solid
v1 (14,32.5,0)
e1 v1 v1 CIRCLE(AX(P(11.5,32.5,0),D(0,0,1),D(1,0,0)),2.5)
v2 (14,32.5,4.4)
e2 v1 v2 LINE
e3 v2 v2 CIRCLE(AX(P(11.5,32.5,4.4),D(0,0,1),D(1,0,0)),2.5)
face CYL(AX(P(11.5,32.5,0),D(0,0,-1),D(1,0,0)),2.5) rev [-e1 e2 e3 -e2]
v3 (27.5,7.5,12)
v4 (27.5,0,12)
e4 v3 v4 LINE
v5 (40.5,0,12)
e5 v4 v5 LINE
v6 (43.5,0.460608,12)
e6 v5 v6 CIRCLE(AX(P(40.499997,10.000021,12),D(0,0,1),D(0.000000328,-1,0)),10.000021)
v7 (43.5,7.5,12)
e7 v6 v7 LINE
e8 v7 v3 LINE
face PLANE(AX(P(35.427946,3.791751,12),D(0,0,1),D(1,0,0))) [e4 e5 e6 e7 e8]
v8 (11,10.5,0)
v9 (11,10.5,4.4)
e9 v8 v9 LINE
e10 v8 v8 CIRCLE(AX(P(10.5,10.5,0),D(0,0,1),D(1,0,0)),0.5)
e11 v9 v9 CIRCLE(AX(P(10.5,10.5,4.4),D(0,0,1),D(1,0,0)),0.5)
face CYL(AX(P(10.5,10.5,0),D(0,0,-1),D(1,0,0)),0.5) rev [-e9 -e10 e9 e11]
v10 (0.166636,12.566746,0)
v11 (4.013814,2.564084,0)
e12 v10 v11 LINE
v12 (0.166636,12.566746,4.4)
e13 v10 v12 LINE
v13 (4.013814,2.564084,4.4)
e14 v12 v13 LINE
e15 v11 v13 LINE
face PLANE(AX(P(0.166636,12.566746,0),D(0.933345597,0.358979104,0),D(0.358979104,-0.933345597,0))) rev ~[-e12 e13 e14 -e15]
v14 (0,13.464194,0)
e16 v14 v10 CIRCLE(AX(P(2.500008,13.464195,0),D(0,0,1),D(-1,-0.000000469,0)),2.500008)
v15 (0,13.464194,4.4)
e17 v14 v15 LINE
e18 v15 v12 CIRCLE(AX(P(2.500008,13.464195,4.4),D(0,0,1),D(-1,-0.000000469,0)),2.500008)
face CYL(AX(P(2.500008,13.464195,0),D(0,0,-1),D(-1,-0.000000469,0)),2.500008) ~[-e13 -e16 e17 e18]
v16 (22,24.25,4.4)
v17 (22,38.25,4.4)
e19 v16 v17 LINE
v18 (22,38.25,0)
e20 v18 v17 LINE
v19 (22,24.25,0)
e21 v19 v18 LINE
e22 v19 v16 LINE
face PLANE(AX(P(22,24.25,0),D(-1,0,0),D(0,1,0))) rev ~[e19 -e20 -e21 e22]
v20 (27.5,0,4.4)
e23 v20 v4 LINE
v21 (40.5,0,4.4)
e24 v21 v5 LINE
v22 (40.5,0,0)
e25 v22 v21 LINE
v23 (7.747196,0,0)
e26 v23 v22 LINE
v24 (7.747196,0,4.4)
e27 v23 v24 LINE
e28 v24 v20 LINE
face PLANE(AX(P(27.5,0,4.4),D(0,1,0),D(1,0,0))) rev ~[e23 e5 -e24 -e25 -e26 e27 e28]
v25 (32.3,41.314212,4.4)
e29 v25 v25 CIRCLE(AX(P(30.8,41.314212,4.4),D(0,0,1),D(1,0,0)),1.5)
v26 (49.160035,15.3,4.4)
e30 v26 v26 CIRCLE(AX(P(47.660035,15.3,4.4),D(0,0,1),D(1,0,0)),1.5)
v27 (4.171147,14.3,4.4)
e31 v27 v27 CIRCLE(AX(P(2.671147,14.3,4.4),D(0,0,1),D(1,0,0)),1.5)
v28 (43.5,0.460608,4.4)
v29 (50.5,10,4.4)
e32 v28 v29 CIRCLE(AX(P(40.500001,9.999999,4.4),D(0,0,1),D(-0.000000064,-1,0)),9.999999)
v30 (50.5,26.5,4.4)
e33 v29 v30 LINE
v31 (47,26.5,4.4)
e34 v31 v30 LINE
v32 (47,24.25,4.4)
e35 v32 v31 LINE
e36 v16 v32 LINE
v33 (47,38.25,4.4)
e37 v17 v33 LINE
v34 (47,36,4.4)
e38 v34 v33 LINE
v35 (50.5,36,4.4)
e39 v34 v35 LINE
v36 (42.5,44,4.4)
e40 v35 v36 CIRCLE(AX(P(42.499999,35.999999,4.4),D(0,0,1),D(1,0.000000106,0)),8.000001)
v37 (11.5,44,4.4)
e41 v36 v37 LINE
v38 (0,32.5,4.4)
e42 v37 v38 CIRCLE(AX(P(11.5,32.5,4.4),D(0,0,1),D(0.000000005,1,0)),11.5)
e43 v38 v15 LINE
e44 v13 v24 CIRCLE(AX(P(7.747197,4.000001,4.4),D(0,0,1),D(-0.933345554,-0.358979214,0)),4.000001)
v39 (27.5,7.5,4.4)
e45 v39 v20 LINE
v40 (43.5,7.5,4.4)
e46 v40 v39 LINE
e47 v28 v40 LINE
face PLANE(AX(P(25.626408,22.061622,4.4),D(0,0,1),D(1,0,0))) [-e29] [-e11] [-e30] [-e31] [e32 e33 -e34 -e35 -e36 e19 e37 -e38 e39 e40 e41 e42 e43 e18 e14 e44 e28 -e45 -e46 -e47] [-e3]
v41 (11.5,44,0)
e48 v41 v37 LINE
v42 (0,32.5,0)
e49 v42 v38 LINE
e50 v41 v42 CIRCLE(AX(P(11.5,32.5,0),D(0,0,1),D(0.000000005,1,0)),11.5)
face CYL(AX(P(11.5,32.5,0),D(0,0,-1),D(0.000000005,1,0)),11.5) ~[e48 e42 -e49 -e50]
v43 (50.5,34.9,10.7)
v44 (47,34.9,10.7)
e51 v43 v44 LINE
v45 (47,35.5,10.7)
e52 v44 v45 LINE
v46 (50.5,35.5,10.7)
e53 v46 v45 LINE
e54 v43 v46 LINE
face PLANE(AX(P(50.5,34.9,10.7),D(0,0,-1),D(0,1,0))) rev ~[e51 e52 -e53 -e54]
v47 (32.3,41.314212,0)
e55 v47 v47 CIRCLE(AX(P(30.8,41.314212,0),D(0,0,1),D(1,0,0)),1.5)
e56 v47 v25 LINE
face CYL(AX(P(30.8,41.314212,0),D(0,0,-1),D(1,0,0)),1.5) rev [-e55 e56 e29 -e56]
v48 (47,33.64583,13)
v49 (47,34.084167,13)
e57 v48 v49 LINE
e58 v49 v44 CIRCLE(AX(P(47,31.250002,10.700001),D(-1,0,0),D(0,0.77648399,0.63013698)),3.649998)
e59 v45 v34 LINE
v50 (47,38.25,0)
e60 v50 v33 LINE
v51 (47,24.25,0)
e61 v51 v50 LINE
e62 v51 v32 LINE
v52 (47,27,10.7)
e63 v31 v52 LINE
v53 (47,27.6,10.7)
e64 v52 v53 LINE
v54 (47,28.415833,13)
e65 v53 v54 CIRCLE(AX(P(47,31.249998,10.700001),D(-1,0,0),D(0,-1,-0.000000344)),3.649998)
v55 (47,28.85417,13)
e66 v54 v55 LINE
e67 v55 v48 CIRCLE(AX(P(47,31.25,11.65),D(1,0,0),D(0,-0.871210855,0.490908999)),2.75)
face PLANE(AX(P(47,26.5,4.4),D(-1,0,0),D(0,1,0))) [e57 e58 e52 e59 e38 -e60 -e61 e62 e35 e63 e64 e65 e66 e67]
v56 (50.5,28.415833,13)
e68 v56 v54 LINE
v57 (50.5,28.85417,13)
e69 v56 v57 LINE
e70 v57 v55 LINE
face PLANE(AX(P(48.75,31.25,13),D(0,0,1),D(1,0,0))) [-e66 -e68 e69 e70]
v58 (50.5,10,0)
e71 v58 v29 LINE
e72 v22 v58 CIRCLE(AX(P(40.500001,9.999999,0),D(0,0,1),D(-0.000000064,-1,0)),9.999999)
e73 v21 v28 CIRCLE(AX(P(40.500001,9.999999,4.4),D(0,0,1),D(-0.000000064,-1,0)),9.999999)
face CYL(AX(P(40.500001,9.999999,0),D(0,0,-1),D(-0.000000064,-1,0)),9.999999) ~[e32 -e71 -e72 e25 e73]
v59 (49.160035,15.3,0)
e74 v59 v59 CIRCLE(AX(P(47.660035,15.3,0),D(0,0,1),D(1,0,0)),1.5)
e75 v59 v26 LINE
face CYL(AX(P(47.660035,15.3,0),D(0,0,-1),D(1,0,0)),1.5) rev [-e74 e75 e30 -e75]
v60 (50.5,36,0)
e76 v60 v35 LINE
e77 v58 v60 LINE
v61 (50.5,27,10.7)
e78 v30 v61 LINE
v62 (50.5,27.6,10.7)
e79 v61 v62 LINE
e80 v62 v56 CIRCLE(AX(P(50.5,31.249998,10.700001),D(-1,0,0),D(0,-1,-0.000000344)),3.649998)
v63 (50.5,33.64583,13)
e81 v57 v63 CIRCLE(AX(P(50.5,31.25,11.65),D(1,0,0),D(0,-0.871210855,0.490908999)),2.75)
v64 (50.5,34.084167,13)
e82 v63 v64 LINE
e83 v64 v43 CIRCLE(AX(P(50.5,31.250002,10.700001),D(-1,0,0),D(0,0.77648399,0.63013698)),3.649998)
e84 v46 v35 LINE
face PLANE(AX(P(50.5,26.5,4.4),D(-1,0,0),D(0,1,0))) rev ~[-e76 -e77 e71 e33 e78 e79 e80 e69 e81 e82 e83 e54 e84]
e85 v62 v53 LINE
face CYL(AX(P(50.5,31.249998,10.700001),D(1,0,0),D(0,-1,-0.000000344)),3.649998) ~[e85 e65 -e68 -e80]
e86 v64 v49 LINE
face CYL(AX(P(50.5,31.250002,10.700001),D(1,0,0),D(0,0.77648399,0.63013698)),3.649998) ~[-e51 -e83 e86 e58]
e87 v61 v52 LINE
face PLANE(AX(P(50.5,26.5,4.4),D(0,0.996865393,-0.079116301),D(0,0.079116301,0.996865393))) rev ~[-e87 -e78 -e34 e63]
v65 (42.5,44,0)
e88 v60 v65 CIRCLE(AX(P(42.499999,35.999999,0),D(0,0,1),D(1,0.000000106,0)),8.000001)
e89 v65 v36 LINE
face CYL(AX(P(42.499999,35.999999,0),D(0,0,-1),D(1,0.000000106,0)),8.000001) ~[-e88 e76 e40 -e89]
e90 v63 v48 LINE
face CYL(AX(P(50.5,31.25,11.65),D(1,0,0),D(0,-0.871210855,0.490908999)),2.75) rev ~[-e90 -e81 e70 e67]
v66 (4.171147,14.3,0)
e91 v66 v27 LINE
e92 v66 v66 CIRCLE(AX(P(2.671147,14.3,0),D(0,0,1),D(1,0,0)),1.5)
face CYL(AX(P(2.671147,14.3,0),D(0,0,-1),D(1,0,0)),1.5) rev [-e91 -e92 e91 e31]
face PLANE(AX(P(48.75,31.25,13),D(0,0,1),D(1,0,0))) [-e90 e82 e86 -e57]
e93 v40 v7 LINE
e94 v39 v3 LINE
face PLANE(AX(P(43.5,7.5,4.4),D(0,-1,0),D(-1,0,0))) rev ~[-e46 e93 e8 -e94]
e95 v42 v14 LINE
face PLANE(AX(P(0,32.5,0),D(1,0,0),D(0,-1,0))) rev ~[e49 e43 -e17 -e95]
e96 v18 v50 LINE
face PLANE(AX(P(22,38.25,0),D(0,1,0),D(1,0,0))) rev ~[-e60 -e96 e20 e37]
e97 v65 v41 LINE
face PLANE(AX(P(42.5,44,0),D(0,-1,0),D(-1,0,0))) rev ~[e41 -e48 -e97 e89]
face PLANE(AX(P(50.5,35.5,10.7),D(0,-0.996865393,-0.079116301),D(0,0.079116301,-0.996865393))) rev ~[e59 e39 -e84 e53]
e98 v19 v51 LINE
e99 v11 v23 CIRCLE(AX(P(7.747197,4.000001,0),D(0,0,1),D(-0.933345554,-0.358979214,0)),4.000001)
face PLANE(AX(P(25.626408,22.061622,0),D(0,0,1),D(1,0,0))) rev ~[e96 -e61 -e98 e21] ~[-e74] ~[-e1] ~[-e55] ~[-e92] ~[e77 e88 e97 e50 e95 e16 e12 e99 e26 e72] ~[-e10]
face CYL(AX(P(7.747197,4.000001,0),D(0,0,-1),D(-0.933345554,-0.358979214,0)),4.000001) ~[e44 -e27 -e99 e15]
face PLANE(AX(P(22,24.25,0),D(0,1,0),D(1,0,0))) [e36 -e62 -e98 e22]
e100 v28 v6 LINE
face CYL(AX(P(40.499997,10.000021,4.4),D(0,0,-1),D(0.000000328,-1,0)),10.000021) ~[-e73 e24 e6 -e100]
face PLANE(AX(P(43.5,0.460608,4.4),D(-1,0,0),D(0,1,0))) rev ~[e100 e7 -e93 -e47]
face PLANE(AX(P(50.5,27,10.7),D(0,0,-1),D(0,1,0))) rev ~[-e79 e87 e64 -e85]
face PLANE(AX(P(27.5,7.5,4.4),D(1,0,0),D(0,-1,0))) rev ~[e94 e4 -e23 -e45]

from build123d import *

# Parameters (mm, degrees)
F0_R     = 0.5
F0_R_2   = 1.5
F0_R_3   = 2.5
F0_W     = 25
F0_H     = 14
F1_DEPTH = 4.4
F2_W     = 3.5
F2_H     = 9.5
F3_DEPTH = 8.6
F5_DEPTH = 3.5
F7_DEPTH = 7.6


with BuildPart() as f1:
    # F0 (on Top) → F1 (new body)
    with BuildSketch(Plane.XY):
        with BuildLine():
            Line((42.5, 44), (11.5, 44))
            ThreePointArc((11.5, 44), (3.368272, 40.631728), (0, 32.5))
            Line((0, 32.5), (0, 13.464194))
            ThreePointArc((0, 13.464194), (0.042012, 13.007801), (0.166636, 12.566746))
            Line((0.166636, 12.566746), (4.013814, 2.564084))
            ThreePointArc((4.013814, 2.564084), (5.482651, 0.702754), (7.747196, 0))
            Line((7.747196, 0), (40.5, 0))
            ThreePointArc((40.5, 0), (47.571068, 2.928932), (50.5, 10))
            Line((50.5, 10), (50.5, 36))
            ThreePointArc((50.5, 36), (48.156854, 41.656854), (42.5, 44))
        make_face()
        with Locations((10.5, 10.5)):
            Circle(F0_R, mode=Mode.SUBTRACT)
        with Locations((2.671147, 14.3)):
            Circle(F0_R_2, mode=Mode.SUBTRACT)
        with Locations((47.660035, 15.3)):
            Circle(F0_R_2, mode=Mode.SUBTRACT)
        with Locations((11.5, 32.5)):
            Circle(F0_R_3, mode=Mode.SUBTRACT)
        with Locations((34.5, 31.25)):
            Rectangle(F0_W, F0_H, mode=Mode.SUBTRACT)
        with Locations((30.8, 41.314212)):
            Circle(F0_R_2, mode=Mode.SUBTRACT)
    extrude(amount=F1_DEPTH)

    # F2 (on face) → F3 (join)
    with BuildSketch(Plane.XY.offset(4.4)):
        with Locations((48.75, 31.25)):
            Rectangle(F2_W, F2_H)
    extrude(amount=F3_DEPTH)

    # F4 (on face) → F5 (cut, through all)
    with BuildSketch(Plane.YZ.offset(50.5)):
        with BuildLine():
            Line((33.64583, 13), (28.85417, 13))
            ThreePointArc((28.85417, 13), (31.25, 8.9), (33.64583, 13))
        make_face()
        with BuildLine():
            Line((26.5, 13), (26.5, 4.4))
            Line((26.5, 4.4), (27, 10.7))
            Line((27, 10.7), (27.6, 10.7))
            ThreePointArc((27.6, 10.7), (27.809999, 11.920203), (28.415833, 13))
            Line((28.415833, 13), (26.5, 13))
        make_face()
        with BuildLine():
            ThreePointArc((34.084167, 13), (34.690001, 11.920203), (34.9, 10.7))
            Line((34.9, 10.7), (35.5, 10.7))
            Line((35.5, 10.7), (36, 4.4))
            Line((36, 4.4), (36, 13))
            Line((36, 13), (34.084167, 13))
        make_face()
    extrude(amount=-F5_DEPTH, mode=Mode.SUBTRACT)

    # F6 (on face) → F7 (join)
    with BuildSketch(Plane.XY.offset(4.4)):
        with BuildLine():
            Line((27.5, 7.5), (27.5, 0))
            Line((27.5, 0), (40.5, 0))
            ThreePointArc((40.5, 0), (42.017577, 0.115823), (43.5, 0.460608))
            Line((43.5, 0.460608), (43.5, 7.5))
            Line((43.5, 7.5), (27.5, 7.5))
        make_face()
    extrude(amount=F7_DEPTH)


solid = f1.part
